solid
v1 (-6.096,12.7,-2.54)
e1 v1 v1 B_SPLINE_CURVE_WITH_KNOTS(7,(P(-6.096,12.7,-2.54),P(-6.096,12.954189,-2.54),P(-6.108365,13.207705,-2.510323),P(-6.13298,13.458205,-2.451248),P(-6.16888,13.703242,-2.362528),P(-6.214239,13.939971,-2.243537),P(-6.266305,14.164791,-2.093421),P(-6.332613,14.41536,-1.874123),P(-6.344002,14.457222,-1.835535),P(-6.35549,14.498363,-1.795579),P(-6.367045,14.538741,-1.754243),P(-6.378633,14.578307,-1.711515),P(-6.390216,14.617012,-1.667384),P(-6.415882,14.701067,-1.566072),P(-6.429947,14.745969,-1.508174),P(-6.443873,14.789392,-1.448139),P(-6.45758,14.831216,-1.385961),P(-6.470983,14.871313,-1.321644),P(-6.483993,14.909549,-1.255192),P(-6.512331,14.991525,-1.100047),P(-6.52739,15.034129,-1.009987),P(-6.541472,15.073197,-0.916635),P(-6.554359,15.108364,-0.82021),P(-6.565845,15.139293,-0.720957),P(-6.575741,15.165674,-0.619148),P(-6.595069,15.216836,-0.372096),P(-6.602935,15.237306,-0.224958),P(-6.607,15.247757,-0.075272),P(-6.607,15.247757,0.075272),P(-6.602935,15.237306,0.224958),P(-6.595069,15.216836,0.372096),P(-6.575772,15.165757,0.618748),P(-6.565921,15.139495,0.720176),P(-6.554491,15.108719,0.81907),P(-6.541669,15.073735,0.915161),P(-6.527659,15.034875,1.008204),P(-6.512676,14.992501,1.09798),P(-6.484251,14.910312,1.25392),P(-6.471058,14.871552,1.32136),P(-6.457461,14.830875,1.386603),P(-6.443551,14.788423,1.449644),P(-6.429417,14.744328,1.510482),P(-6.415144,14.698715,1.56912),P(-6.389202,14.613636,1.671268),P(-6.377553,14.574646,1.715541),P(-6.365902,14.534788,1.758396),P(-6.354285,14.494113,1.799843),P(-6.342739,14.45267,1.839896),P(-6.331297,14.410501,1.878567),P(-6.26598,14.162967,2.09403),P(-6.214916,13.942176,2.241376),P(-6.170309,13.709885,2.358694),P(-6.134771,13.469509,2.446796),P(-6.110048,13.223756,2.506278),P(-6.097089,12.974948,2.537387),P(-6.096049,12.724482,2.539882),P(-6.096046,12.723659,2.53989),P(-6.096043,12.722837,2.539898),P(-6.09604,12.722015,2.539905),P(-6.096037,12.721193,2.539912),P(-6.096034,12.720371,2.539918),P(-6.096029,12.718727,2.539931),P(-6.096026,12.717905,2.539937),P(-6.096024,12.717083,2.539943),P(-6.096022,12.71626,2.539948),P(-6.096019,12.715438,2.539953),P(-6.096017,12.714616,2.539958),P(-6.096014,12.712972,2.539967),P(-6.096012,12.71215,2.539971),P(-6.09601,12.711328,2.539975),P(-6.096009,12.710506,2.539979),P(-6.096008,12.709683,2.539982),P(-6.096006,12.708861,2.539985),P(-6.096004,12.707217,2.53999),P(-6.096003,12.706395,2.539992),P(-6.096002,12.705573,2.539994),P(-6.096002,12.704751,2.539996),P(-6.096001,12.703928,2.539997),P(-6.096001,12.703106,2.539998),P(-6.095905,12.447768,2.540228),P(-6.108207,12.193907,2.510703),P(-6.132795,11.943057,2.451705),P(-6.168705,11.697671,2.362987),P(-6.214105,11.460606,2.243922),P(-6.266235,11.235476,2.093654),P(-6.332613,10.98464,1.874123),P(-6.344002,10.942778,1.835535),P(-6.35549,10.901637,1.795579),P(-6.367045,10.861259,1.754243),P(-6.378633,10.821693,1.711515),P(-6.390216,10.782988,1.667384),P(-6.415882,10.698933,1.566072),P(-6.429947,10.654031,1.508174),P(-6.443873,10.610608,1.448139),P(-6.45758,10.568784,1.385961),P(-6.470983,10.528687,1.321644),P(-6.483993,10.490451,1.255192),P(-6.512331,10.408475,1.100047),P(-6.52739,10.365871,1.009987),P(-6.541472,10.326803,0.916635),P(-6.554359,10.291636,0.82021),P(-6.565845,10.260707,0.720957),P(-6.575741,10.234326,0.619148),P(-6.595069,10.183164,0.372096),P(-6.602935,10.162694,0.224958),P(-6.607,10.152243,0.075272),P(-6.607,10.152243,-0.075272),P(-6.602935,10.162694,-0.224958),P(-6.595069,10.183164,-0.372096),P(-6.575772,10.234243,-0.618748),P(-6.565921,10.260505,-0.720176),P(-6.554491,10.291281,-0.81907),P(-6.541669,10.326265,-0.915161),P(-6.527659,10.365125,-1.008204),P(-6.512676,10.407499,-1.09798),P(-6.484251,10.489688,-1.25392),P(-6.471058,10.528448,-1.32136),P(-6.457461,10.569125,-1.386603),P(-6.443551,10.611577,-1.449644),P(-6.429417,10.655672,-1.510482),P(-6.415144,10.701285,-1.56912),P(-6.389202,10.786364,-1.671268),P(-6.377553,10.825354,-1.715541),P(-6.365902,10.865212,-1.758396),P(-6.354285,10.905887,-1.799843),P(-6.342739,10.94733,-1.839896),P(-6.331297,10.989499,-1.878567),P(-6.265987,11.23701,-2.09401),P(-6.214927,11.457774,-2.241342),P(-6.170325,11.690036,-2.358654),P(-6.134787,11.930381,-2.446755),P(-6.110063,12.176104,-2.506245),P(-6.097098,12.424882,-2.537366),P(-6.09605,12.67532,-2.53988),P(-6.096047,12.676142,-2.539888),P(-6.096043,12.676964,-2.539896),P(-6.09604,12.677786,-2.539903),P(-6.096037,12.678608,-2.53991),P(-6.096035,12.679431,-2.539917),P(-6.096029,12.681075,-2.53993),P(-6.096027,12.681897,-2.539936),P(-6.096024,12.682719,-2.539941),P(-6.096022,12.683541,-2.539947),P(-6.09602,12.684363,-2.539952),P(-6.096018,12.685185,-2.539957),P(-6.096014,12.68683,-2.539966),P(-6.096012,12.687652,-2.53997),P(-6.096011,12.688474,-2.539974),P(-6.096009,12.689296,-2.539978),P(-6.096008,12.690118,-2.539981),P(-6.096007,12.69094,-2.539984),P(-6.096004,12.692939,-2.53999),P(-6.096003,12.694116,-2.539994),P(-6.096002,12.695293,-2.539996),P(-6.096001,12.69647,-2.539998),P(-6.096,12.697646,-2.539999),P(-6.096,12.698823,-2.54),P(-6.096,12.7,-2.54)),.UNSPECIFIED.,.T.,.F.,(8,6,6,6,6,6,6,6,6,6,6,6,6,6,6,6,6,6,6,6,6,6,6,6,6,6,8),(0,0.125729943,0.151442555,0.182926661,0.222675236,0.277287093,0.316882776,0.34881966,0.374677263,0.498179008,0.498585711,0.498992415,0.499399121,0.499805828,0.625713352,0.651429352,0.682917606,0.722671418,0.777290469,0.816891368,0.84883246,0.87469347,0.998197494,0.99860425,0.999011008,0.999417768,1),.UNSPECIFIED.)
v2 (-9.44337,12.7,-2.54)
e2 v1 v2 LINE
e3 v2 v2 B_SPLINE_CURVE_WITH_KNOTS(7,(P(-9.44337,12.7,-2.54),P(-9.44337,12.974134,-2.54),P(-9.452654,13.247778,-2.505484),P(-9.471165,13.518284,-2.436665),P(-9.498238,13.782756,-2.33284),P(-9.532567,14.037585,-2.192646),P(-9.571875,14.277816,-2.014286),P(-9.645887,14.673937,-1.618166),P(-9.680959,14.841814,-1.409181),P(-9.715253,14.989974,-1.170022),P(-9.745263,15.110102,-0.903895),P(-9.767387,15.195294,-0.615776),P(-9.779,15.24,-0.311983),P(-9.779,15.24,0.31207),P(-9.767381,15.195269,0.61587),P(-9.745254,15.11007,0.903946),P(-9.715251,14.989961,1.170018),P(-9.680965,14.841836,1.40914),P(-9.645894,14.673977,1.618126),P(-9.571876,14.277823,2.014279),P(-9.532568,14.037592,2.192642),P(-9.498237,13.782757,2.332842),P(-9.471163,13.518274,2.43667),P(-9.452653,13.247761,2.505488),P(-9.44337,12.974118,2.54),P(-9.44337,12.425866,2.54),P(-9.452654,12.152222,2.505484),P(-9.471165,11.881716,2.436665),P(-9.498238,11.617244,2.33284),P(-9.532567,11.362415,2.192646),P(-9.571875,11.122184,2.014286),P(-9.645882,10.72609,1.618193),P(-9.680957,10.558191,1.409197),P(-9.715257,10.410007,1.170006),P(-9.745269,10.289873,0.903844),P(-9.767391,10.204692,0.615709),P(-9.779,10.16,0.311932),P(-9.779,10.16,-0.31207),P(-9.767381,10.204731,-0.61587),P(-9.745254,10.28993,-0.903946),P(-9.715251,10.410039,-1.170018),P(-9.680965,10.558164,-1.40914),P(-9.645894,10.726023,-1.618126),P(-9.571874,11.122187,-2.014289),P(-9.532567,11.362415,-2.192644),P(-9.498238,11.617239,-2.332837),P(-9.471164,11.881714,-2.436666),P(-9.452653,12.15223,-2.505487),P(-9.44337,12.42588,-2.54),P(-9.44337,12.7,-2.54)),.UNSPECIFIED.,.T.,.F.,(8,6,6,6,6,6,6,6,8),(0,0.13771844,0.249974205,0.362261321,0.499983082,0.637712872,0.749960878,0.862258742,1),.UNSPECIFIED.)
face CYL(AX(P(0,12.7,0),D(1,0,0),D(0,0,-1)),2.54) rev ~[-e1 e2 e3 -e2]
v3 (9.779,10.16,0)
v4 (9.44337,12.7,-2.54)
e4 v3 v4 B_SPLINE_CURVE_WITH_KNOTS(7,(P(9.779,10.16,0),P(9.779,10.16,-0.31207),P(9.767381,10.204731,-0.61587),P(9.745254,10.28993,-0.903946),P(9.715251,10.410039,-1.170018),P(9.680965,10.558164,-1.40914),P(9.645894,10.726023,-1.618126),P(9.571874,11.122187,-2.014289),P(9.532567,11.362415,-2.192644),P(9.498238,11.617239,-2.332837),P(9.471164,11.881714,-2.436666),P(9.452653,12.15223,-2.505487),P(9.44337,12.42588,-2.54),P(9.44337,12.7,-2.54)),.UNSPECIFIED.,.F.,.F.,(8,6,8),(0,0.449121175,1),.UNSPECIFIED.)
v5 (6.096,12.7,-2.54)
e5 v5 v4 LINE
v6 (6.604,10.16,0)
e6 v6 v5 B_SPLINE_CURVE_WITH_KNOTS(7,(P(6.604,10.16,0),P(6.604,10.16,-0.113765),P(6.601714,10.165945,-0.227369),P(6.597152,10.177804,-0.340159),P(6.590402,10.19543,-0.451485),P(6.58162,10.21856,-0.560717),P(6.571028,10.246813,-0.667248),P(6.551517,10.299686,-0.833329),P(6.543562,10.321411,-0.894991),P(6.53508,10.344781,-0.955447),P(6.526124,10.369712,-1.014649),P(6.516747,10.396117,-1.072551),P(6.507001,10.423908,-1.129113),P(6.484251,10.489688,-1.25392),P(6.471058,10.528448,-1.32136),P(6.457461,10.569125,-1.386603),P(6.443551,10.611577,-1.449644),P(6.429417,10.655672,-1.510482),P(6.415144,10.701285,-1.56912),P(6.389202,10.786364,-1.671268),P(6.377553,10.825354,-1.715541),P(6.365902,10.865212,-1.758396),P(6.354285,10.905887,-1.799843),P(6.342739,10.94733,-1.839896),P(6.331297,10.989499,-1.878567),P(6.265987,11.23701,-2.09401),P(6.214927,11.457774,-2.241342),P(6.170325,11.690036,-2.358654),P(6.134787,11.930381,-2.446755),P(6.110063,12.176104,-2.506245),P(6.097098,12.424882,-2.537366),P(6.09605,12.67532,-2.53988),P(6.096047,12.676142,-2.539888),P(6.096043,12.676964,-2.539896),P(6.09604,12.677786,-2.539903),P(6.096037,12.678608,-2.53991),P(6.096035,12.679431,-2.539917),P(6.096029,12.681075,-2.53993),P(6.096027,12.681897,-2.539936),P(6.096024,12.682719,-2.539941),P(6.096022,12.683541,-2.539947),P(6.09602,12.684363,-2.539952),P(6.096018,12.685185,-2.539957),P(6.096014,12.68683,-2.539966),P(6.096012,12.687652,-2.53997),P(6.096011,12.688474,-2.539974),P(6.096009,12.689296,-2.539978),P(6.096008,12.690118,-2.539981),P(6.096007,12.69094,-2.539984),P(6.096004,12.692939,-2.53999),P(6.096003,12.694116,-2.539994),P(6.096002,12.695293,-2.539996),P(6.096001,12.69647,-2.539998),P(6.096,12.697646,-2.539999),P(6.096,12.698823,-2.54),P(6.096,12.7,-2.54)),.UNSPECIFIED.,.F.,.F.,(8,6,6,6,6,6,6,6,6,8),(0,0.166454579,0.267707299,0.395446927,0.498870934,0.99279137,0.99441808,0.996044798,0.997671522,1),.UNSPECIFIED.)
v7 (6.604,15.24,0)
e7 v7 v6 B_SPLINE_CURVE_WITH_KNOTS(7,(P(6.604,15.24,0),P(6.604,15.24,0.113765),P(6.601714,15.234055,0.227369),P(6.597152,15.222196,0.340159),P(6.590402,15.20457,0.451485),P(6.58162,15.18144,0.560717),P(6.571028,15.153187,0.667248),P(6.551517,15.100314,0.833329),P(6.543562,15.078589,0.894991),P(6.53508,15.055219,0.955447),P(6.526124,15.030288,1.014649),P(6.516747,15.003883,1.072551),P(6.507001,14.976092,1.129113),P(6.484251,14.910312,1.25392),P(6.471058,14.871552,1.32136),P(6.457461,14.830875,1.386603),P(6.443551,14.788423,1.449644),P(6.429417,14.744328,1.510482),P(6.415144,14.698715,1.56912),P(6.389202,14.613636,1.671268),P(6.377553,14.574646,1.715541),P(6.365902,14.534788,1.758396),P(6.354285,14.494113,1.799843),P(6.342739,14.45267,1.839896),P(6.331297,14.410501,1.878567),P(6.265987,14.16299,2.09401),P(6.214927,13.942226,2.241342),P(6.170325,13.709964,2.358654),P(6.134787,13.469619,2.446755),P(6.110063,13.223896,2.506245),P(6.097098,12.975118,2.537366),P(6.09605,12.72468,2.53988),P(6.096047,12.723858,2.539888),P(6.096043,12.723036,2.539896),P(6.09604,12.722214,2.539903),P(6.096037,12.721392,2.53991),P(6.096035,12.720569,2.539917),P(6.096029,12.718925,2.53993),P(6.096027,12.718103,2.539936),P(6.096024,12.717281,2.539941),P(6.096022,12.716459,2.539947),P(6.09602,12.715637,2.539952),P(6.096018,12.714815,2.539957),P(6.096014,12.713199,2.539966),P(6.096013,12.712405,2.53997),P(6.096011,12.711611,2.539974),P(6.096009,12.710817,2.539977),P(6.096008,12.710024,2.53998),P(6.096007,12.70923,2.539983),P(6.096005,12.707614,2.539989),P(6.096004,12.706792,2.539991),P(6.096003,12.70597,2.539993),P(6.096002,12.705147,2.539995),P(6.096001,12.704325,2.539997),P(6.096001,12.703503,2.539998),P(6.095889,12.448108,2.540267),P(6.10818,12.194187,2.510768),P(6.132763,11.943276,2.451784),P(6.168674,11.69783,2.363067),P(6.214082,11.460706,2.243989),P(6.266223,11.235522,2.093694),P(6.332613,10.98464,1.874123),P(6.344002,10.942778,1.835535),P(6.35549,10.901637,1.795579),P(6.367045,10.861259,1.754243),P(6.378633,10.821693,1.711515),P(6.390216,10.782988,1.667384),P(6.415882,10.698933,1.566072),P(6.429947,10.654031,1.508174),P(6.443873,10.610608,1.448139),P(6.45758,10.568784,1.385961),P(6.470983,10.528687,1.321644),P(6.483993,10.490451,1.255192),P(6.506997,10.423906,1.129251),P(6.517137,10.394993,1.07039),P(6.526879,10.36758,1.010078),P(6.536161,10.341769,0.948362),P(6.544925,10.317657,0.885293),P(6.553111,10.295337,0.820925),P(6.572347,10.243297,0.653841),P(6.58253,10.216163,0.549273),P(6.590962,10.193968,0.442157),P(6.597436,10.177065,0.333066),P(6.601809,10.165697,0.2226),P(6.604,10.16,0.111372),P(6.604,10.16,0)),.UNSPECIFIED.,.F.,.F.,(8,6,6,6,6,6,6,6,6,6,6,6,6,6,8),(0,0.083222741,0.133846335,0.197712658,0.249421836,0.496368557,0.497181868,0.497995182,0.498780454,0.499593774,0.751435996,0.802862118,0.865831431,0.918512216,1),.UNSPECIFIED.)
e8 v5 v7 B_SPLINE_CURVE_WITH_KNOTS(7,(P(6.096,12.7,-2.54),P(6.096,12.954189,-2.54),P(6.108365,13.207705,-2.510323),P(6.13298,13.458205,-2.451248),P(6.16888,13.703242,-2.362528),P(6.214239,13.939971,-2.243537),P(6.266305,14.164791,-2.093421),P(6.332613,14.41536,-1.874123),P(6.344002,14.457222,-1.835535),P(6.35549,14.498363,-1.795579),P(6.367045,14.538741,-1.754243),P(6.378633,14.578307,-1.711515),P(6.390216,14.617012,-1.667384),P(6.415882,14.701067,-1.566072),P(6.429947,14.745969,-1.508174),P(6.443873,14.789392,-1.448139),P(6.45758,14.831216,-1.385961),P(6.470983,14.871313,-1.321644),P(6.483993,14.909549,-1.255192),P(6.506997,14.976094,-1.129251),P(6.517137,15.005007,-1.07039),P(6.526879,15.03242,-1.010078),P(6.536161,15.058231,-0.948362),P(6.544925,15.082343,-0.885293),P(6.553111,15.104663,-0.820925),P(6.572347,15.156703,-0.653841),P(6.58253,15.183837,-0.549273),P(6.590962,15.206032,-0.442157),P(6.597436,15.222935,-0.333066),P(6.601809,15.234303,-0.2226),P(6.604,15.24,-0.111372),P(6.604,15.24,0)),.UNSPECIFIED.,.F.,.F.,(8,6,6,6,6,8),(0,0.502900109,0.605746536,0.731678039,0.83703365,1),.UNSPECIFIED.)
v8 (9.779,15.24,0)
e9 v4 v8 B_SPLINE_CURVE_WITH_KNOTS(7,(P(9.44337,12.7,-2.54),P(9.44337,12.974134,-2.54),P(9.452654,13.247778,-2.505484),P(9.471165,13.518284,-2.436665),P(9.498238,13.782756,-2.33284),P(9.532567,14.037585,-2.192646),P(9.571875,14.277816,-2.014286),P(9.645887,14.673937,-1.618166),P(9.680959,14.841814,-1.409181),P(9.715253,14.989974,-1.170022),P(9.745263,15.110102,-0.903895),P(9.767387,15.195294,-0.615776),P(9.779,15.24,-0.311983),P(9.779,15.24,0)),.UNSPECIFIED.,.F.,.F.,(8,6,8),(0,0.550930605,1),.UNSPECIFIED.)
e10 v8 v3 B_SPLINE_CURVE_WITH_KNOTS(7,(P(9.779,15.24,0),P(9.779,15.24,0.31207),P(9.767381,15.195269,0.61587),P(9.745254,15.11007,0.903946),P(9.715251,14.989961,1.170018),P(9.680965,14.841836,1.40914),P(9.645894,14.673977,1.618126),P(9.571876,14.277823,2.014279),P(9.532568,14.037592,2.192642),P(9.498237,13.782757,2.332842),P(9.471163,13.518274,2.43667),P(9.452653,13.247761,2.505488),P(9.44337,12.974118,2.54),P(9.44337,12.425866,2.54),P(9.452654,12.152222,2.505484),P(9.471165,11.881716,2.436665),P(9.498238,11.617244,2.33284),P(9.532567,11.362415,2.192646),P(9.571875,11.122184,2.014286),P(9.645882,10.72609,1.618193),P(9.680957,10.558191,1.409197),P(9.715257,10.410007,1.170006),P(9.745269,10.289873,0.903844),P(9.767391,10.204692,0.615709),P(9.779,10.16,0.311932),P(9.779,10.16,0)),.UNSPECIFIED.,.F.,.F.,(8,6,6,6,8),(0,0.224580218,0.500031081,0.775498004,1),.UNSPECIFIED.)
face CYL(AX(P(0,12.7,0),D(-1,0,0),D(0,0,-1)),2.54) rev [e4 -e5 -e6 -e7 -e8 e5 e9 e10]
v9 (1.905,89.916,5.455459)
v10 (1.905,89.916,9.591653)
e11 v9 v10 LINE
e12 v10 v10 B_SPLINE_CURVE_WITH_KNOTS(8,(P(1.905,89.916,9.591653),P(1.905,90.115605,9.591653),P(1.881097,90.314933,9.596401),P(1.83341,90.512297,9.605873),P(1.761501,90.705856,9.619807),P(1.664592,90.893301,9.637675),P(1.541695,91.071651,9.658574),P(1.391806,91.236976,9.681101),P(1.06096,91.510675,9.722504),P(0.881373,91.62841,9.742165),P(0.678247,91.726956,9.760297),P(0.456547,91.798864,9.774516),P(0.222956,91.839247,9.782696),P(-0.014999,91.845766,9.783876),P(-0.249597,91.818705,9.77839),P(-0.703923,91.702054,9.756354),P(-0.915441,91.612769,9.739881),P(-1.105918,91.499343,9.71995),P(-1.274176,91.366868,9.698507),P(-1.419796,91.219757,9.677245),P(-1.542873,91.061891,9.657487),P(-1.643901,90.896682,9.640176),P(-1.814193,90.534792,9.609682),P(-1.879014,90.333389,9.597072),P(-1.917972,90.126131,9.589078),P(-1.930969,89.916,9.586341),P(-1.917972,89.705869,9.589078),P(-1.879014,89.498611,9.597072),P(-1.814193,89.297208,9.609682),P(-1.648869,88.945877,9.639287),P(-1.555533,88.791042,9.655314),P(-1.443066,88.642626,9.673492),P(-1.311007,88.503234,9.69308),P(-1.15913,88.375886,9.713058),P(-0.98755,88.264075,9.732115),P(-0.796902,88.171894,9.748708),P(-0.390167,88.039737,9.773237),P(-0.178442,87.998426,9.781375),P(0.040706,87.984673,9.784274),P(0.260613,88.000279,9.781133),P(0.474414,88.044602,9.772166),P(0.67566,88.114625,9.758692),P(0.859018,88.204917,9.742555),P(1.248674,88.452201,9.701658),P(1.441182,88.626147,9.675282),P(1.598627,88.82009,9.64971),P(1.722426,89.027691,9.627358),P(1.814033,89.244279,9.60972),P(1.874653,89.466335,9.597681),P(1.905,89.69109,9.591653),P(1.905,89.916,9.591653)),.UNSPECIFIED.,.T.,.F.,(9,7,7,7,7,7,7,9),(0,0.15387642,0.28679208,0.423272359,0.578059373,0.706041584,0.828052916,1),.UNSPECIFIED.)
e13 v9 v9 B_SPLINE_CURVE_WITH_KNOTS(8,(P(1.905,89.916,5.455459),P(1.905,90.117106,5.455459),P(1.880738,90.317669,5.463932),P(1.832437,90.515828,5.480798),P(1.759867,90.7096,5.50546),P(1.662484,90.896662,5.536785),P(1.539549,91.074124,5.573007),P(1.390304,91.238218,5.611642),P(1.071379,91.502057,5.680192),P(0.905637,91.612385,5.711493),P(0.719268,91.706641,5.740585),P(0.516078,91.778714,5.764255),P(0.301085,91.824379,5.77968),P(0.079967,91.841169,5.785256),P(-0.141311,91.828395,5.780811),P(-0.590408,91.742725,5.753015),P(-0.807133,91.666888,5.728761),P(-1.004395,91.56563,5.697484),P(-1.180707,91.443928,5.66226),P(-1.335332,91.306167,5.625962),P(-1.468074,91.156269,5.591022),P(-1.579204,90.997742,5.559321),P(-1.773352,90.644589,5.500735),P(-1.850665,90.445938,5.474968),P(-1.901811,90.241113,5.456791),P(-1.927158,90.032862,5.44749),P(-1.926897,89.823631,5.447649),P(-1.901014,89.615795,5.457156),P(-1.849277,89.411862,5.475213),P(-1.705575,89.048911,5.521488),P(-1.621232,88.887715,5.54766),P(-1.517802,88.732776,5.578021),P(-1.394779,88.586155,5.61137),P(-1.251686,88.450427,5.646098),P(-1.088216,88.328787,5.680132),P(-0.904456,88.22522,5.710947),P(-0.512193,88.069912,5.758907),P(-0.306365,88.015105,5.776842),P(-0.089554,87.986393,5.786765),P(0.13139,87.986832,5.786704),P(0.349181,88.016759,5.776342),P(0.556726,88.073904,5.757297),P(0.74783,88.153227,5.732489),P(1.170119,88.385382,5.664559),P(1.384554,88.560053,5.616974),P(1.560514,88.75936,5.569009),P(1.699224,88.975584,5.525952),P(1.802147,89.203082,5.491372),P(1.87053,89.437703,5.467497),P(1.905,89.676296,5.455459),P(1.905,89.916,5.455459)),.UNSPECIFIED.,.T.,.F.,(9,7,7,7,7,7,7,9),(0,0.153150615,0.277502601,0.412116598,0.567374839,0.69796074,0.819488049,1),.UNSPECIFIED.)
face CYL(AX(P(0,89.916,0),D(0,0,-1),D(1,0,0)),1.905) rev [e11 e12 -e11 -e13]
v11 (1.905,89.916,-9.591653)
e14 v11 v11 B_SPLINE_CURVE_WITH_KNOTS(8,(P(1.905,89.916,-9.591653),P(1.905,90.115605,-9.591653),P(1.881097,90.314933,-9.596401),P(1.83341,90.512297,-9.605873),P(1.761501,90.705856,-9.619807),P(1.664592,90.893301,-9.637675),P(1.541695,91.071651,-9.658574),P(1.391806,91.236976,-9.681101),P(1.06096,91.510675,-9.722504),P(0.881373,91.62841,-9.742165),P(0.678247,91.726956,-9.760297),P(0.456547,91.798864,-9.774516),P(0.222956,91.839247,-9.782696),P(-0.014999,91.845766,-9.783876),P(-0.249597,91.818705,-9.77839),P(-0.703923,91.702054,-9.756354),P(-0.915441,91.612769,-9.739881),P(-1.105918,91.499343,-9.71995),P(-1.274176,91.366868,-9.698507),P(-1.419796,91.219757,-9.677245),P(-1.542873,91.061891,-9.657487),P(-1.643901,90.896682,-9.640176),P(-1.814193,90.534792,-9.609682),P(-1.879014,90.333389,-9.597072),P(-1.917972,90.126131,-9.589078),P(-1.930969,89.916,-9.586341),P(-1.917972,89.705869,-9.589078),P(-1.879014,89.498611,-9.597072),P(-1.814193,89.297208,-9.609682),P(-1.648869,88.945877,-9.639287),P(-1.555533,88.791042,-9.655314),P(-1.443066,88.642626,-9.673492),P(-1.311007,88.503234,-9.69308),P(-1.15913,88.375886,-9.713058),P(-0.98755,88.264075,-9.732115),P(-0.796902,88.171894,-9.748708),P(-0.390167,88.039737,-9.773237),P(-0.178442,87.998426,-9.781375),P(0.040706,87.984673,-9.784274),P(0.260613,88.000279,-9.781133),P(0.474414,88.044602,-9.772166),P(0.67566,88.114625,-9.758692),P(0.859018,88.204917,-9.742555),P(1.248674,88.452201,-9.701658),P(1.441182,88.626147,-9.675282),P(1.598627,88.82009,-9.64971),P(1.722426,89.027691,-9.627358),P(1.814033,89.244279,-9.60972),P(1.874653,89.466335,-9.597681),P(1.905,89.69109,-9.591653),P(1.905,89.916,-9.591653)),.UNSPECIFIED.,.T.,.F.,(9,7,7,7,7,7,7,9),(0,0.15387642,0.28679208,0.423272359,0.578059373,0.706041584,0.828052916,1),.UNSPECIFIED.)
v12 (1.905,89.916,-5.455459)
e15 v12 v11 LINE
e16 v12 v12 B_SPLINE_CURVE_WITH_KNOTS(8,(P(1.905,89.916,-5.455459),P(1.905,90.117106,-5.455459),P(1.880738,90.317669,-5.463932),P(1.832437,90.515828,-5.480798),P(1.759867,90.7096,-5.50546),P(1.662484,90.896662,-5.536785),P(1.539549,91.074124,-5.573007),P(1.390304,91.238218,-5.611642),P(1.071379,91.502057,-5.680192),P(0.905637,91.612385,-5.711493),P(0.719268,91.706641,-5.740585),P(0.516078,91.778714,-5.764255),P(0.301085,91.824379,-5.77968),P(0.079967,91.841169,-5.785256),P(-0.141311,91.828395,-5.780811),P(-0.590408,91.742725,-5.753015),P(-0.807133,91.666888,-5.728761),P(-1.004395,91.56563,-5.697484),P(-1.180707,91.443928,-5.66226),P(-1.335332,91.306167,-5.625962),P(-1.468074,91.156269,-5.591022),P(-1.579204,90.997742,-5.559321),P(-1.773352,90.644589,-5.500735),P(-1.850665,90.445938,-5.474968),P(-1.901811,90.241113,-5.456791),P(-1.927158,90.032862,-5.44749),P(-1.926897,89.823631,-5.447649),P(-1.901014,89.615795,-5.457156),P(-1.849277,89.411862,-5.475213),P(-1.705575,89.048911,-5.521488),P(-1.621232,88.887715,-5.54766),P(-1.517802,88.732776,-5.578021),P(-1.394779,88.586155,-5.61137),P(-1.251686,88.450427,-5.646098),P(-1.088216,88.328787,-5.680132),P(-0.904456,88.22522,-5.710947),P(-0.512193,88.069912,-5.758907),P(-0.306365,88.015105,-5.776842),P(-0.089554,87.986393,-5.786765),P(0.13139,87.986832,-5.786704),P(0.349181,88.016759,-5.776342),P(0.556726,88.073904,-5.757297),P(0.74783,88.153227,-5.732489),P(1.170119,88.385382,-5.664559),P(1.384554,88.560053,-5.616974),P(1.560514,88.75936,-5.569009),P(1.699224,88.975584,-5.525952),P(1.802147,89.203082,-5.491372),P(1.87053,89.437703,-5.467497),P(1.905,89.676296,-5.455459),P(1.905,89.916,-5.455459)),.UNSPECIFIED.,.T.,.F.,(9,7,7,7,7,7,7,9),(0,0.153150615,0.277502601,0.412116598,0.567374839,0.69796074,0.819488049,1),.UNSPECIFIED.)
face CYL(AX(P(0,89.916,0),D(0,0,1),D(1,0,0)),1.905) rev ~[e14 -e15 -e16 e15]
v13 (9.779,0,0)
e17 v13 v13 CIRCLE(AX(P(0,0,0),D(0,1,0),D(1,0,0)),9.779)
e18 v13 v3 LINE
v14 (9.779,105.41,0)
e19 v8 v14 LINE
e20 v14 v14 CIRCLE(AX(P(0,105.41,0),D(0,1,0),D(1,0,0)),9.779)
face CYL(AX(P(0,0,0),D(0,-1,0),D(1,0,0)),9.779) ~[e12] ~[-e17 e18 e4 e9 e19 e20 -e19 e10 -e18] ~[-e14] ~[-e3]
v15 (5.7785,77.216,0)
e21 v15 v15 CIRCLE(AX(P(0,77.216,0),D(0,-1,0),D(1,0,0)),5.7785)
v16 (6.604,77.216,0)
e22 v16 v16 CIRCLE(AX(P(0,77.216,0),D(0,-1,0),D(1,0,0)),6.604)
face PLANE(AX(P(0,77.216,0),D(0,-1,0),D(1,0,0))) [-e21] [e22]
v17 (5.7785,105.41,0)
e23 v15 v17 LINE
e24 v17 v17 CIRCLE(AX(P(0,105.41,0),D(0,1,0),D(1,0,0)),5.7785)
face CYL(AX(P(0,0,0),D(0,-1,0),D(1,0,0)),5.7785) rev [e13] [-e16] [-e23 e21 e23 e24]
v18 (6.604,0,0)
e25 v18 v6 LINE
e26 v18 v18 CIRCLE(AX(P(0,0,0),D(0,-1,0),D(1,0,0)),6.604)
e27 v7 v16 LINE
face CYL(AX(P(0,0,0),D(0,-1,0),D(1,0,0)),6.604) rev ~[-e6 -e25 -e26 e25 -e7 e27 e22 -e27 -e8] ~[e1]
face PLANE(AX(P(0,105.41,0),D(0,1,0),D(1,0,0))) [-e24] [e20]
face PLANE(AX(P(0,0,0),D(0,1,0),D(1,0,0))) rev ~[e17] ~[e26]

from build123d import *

# Parameters (mm, degrees)
SKETCH1_R               = 9.779
SKETCH1_R_2             = 5.7785
BOSS_EXTRUDE1_DEPTH     = 105.41
SKETCH2_R               = 1.905
CUT_EXTRUDE1_DEPTH      = 10.779
CUT_EXTRUDE1_DEPTH_BACK = 10.779
SKETCH3_R               = 2.54
CUT_EXTRUDE2_DEPTH      = 10.7790001
CUT_EXTRUDE2_DEPTH_BACK = 10.7790001
SKETCH4_R               = 6.604
CUT_EXTRUDE3_DEPTH      = 77.216


with BuildPart() as part:
    # Sketch1 → Boss-Extrude1 (new body)
    with BuildSketch(Plane(origin=(0, 0, 0), x_dir=(1, 0, 0), z_dir=(0, 1, 0))):
        Circle(SKETCH1_R)
        Circle(SKETCH1_R_2, mode=Mode.SUBTRACT)
    extrude(amount=BOSS_EXTRUDE1_DEPTH)

    # Sketch2 → Cut-Extrude1 (cut, two sides)
    with BuildSketch(Plane.XY) as cut_extrude1_sk:
        with Locations((0, 89.916)):
            Circle(SKETCH2_R)
    extrude(amount=CUT_EXTRUDE1_DEPTH, mode=Mode.SUBTRACT)
    extrude(cut_extrude1_sk.sketch, amount=-CUT_EXTRUDE1_DEPTH_BACK, mode=Mode.SUBTRACT)

    # Sketch3 → Cut-Extrude2 (cut, two sides)
    with BuildSketch(Plane(origin=(0, 0, 0), x_dir=(0, 0, -1), z_dir=(1, 0, 0))) as cut_extrude2_sk:
        with Locations((0, 12.7)):
            Circle(SKETCH3_R)
    extrude(amount=CUT_EXTRUDE2_DEPTH, mode=Mode.SUBTRACT)
    extrude(cut_extrude2_sk.sketch, amount=-CUT_EXTRUDE2_DEPTH_BACK, mode=Mode.SUBTRACT)

    # Sketch4 → Cut-Extrude3 (cut)
    with BuildSketch(Plane.XZ):
        Circle(SKETCH4_R)
    extrude(amount=-CUT_EXTRUDE3_DEPTH, mode=Mode.SUBTRACT)


solid = part.part
